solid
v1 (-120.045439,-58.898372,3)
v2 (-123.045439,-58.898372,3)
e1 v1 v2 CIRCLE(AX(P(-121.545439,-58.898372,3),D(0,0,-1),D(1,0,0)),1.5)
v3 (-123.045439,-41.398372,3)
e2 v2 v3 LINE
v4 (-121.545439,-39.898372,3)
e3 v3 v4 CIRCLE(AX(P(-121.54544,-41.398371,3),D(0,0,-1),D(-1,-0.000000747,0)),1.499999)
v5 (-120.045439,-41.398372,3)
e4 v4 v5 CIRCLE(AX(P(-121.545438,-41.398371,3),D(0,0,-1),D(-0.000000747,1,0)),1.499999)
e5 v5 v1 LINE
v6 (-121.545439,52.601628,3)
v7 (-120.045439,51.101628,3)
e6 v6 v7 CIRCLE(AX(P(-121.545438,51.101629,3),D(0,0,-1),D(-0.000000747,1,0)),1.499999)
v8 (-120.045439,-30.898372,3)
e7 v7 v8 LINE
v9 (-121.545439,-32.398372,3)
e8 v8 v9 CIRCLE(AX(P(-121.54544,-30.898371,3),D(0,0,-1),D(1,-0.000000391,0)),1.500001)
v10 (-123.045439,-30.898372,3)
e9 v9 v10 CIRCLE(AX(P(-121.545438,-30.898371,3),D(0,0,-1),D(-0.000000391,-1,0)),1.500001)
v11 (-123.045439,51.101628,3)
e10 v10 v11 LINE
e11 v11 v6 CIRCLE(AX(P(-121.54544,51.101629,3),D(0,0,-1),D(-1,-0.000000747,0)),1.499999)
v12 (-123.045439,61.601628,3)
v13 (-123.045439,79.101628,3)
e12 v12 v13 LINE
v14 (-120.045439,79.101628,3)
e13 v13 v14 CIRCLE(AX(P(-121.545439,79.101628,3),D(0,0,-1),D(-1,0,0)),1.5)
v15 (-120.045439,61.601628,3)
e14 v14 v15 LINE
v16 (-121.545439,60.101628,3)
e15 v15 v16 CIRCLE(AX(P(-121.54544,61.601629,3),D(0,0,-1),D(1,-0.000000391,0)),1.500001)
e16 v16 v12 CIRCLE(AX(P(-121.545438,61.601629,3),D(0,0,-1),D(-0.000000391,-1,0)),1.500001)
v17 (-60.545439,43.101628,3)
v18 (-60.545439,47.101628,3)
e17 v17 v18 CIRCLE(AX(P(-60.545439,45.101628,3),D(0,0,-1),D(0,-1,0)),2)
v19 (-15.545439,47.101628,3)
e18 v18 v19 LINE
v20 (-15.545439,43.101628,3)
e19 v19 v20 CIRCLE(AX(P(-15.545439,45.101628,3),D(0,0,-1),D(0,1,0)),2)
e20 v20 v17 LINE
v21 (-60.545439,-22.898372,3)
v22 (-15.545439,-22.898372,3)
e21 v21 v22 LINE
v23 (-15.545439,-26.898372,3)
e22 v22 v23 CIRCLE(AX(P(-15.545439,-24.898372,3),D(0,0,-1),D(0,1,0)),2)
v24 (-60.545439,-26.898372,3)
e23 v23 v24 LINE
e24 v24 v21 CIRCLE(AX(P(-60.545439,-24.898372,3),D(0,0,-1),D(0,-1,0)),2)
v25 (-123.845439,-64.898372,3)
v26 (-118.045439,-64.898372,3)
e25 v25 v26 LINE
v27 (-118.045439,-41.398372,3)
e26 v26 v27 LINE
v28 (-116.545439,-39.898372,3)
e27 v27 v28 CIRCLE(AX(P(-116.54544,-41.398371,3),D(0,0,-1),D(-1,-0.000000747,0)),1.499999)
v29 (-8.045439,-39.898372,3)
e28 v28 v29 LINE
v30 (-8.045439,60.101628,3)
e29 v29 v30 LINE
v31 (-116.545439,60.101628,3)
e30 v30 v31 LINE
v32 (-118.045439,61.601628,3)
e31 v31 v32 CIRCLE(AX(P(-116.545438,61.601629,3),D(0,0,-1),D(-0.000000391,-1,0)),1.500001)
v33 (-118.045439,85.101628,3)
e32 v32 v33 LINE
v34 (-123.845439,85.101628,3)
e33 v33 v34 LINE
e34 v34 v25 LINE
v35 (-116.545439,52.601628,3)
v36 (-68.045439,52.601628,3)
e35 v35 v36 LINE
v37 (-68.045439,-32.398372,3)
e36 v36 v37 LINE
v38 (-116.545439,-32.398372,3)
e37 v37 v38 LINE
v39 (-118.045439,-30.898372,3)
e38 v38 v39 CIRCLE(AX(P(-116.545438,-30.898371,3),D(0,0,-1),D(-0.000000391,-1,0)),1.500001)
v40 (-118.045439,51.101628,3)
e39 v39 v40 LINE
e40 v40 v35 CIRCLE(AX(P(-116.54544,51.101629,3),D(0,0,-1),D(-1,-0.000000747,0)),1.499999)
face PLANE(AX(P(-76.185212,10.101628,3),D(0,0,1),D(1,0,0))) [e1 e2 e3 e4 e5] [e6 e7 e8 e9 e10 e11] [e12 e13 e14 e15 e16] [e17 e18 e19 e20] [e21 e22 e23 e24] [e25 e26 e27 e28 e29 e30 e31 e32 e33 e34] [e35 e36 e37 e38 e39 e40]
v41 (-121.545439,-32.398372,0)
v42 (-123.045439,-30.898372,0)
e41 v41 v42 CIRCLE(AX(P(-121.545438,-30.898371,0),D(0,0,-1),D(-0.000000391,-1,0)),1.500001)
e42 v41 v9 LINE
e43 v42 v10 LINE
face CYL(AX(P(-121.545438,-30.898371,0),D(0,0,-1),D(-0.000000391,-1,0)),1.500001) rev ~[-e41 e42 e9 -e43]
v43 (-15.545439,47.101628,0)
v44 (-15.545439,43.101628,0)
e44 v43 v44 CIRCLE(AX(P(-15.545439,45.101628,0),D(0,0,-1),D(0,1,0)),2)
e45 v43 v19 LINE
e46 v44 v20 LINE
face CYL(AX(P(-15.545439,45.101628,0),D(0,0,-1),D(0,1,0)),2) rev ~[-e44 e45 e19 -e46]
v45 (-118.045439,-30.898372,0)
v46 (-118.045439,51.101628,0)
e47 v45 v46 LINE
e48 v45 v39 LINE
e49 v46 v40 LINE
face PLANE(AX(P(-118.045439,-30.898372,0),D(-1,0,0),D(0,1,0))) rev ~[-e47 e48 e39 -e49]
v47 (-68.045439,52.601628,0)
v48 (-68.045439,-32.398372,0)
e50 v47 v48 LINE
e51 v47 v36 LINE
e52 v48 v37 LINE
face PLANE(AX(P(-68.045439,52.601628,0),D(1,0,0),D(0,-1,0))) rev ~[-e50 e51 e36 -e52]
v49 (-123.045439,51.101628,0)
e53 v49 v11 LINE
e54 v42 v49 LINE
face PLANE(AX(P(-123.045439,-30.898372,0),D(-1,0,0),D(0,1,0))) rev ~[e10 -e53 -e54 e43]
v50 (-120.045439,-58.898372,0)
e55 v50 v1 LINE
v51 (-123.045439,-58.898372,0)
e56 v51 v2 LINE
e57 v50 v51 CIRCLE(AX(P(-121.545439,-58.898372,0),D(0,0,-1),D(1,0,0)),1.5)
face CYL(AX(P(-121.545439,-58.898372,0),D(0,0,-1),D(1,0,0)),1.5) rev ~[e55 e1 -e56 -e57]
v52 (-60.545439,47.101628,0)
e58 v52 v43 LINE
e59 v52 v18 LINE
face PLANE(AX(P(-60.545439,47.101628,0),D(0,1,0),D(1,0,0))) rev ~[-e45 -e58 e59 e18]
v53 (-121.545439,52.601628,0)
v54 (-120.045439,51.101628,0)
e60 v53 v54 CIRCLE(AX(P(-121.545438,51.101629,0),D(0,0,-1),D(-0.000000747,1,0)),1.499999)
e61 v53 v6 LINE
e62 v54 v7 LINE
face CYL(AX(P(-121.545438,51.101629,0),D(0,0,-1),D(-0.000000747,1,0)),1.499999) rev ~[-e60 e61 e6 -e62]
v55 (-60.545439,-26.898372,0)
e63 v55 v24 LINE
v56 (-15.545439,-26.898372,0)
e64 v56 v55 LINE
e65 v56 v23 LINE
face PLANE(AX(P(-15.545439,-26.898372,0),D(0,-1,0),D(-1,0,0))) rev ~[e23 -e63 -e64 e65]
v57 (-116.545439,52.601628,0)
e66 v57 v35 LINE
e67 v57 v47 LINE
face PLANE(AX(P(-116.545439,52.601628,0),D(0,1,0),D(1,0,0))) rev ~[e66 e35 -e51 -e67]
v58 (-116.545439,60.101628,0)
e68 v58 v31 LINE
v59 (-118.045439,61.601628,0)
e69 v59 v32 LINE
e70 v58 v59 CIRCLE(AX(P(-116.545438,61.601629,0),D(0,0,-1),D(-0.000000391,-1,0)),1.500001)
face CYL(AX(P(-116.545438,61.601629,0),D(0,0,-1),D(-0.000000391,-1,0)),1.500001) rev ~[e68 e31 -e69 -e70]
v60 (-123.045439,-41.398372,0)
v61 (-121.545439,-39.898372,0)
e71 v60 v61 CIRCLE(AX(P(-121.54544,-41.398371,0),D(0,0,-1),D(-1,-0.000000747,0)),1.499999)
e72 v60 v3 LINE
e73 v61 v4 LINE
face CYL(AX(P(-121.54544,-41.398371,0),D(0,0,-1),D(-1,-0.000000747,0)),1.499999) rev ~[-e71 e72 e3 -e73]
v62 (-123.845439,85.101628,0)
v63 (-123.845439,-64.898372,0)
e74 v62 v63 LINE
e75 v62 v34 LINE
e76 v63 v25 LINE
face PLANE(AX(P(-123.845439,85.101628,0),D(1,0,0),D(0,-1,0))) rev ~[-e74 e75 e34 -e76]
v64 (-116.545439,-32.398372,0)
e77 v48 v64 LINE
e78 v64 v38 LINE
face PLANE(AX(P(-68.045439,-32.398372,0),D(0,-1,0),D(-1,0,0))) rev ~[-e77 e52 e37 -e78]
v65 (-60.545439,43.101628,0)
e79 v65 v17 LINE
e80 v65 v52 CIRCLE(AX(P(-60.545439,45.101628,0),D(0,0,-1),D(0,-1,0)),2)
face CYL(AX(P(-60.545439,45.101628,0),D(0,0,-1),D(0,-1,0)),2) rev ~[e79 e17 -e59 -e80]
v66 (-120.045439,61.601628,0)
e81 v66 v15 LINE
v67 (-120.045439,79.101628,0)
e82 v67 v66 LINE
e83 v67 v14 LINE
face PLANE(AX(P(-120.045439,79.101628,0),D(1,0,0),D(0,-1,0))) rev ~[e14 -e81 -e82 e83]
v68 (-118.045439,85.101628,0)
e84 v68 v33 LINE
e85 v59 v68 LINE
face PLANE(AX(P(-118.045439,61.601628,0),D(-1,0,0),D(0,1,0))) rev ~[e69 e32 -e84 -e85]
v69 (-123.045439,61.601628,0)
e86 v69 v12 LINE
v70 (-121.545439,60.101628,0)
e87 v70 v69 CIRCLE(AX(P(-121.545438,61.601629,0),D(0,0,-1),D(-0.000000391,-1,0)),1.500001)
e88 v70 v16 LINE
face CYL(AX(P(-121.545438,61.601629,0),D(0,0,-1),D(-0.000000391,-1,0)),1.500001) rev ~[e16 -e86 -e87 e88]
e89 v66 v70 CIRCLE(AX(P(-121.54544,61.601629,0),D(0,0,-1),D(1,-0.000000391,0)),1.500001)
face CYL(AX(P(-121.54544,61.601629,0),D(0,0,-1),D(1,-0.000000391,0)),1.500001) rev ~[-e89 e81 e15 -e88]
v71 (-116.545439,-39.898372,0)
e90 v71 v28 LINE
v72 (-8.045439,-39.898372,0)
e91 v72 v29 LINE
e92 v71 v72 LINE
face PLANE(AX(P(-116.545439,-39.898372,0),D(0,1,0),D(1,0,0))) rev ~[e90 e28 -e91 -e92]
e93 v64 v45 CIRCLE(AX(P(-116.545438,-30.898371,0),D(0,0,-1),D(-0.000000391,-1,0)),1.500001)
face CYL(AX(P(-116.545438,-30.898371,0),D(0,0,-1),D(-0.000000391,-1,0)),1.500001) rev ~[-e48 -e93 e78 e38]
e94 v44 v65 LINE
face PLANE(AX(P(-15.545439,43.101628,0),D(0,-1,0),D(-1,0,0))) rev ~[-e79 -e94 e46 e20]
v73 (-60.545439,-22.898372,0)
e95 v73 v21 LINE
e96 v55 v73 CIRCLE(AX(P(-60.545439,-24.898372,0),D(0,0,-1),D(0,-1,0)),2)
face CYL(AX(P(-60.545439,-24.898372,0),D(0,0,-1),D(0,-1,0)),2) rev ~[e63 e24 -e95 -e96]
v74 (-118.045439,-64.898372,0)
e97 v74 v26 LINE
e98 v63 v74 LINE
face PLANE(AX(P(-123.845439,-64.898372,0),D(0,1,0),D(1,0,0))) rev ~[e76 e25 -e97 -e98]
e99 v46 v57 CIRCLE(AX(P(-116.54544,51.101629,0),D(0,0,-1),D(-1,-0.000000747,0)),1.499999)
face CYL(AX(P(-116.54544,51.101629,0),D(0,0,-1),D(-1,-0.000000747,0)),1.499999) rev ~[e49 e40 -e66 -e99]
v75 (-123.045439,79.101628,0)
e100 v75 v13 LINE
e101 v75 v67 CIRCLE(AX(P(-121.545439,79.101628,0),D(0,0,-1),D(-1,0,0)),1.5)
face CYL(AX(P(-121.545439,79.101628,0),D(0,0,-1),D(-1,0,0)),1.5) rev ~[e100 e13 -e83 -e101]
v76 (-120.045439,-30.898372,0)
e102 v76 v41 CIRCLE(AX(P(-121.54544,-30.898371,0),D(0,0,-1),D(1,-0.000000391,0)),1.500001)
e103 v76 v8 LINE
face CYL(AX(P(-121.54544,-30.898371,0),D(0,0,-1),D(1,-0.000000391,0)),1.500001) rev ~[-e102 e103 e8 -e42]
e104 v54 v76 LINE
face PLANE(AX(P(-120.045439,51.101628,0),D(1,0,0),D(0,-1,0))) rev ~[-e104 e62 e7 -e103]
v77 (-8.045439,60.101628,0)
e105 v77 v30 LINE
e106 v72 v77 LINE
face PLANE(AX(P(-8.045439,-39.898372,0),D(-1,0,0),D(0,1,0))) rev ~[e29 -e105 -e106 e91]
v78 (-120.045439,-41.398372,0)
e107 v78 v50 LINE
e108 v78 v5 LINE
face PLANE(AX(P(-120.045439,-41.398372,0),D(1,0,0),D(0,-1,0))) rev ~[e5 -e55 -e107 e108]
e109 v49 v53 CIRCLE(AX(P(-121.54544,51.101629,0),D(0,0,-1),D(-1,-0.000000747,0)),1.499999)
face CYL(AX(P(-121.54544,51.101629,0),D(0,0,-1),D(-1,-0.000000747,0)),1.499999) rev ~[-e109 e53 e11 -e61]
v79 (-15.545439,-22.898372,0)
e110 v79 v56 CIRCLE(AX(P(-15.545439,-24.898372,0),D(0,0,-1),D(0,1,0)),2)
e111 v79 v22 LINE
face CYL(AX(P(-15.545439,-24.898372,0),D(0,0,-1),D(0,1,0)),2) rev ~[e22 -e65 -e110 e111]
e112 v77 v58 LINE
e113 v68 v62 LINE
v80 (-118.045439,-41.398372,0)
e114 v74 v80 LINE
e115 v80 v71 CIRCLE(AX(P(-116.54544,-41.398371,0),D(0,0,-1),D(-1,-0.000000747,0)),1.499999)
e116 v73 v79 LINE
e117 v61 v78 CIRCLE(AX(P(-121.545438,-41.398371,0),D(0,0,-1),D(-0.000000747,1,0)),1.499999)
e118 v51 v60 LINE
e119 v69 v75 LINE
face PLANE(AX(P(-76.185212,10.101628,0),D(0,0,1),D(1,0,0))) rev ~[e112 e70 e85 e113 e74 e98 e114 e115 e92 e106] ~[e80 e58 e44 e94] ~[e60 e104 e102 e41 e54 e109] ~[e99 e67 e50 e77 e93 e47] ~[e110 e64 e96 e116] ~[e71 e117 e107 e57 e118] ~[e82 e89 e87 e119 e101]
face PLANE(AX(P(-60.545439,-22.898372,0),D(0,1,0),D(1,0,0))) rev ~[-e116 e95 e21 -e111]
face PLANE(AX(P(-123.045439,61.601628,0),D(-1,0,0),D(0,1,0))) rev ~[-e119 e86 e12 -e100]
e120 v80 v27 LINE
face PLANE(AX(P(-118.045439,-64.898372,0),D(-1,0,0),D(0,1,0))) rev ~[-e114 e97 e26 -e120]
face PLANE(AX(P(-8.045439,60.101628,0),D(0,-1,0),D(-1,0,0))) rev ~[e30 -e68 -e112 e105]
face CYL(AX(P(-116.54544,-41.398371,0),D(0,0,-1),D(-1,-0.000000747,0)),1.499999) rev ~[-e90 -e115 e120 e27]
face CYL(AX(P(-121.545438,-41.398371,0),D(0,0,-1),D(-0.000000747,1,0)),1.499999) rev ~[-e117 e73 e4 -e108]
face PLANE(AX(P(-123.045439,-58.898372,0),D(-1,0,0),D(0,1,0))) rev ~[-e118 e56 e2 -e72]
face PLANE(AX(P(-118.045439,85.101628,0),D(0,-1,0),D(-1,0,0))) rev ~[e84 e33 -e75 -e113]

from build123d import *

# Parameters (mm, degrees)
F1_DEPTH = 3


with BuildPart() as f1:
    # F0 (on Top) → F1 (new body)
    with BuildSketch(Plane.XY):
        with BuildLine():
            Line((-8.045439, -39.898372), (-8.045439, 60.101628))
            Line((-8.045439, 60.101628), (-116.545439, 60.101628))
            ThreePointArc((-116.545439, 60.101628), (-117.606099, 60.540968), (-118.045439, 61.601628))
            Line((-118.045439, 61.601628), (-118.045439, 85.101628))
            Line((-118.045439, 85.101628), (-123.845439, 85.101628))
            Line((-123.845439, 85.101628), (-123.845439, -64.898372))
            Line((-123.845439, -64.898372), (-118.045439, -64.898372))
            Line((-118.045439, -64.898372), (-118.045439, -41.398372))
            ThreePointArc((-118.045439, -41.398372), (-117.606099, -40.337711), (-116.545439, -39.898372))
            Line((-116.545439, -39.898372), (-8.045439, -39.898372))
        make_face()
        with BuildLine():
            ThreePointArc((-120.045439, -58.898372), (-121.545439, -60.398372), (-123.045439, -58.898372))
            Line((-123.045439, -58.898372), (-123.045439, -41.398372))
            ThreePointArc((-123.045439, -41.398372), (-122.606099, -40.337711), (-121.545439, -39.898372))
            ThreePointArc((-121.545439, -39.898372), (-120.484779, -40.337711), (-120.045439, -41.398372))
            Line((-120.045439, -41.398372), (-120.045439, -58.898372))
        make_face(mode=Mode.SUBTRACT)
        with BuildLine():
            Line((-123.045439, -30.898372), (-123.045439, 51.101628))
            ThreePointArc((-123.045439, 51.101628), (-122.606099, 52.162289), (-121.545439, 52.601628))
            ThreePointArc((-121.545439, 52.601628), (-120.484779, 52.162289), (-120.045439, 51.101628))
            Line((-120.045439, 51.101628), (-120.045439, -30.898372))
            ThreePointArc((-120.045439, -30.898372), (-120.484779, -31.959032), (-121.545439, -32.398372))
            ThreePointArc((-121.545439, -32.398372), (-122.606099, -31.959032), (-123.045439, -30.898372))
        make_face(mode=Mode.SUBTRACT)
        with BuildLine():
            Line((-15.545439, -26.898372), (-60.545439, -26.898372))
            ThreePointArc((-60.545439, -26.898372), (-62.545439, -24.898372), (-60.545439, -22.898372))
            Line((-60.545439, -22.898372), (-15.545439, -22.898372))
            ThreePointArc((-15.545439, -22.898372), (-13.545439, -24.898372), (-15.545439, -26.898372))
        make_face(mode=Mode.SUBTRACT)
        with BuildLine():
            Line((-118.045439, -30.898372), (-118.045439, 51.101628))
            ThreePointArc((-118.045439, 51.101628), (-117.606099, 52.162289), (-116.545439, 52.601628))
            Line((-116.545439, 52.601628), (-68.045439, 52.601628))
            Line((-68.045439, 52.601628), (-68.045439, -32.398372))
            Line((-68.045439, -32.398372), (-116.545439, -32.398372))
            ThreePointArc((-116.545439, -32.398372), (-117.606099, -31.959032), (-118.045439, -30.898372))
        make_face(mode=Mode.SUBTRACT)
        with BuildLine():
            Line((-123.045439, 61.601628), (-123.045439, 79.101628))
            ThreePointArc((-123.045439, 79.101628), (-121.545439, 80.601628), (-120.045439, 79.101628))
            Line((-120.045439, 79.101628), (-120.045439, 61.601628))
            ThreePointArc((-120.045439, 61.601628), (-120.484779, 60.540968), (-121.545439, 60.101628))
            ThreePointArc((-121.545439, 60.101628), (-122.606099, 60.540968), (-123.045439, 61.601628))
        make_face(mode=Mode.SUBTRACT)
        with BuildLine():
            ThreePointArc((-15.545439, 47.101628), (-13.545439, 45.101628), (-15.545439, 43.101628))
            Line((-15.545439, 43.101628), (-60.545439, 43.101628))
            ThreePointArc((-60.545439, 43.101628), (-62.545439, 45.101628), (-60.545439, 47.101628))
            Line((-60.545439, 47.101628), (-15.545439, 47.101628))
        make_face(mode=Mode.SUBTRACT)
    extrude(amount=F1_DEPTH)


solid = f1.part
